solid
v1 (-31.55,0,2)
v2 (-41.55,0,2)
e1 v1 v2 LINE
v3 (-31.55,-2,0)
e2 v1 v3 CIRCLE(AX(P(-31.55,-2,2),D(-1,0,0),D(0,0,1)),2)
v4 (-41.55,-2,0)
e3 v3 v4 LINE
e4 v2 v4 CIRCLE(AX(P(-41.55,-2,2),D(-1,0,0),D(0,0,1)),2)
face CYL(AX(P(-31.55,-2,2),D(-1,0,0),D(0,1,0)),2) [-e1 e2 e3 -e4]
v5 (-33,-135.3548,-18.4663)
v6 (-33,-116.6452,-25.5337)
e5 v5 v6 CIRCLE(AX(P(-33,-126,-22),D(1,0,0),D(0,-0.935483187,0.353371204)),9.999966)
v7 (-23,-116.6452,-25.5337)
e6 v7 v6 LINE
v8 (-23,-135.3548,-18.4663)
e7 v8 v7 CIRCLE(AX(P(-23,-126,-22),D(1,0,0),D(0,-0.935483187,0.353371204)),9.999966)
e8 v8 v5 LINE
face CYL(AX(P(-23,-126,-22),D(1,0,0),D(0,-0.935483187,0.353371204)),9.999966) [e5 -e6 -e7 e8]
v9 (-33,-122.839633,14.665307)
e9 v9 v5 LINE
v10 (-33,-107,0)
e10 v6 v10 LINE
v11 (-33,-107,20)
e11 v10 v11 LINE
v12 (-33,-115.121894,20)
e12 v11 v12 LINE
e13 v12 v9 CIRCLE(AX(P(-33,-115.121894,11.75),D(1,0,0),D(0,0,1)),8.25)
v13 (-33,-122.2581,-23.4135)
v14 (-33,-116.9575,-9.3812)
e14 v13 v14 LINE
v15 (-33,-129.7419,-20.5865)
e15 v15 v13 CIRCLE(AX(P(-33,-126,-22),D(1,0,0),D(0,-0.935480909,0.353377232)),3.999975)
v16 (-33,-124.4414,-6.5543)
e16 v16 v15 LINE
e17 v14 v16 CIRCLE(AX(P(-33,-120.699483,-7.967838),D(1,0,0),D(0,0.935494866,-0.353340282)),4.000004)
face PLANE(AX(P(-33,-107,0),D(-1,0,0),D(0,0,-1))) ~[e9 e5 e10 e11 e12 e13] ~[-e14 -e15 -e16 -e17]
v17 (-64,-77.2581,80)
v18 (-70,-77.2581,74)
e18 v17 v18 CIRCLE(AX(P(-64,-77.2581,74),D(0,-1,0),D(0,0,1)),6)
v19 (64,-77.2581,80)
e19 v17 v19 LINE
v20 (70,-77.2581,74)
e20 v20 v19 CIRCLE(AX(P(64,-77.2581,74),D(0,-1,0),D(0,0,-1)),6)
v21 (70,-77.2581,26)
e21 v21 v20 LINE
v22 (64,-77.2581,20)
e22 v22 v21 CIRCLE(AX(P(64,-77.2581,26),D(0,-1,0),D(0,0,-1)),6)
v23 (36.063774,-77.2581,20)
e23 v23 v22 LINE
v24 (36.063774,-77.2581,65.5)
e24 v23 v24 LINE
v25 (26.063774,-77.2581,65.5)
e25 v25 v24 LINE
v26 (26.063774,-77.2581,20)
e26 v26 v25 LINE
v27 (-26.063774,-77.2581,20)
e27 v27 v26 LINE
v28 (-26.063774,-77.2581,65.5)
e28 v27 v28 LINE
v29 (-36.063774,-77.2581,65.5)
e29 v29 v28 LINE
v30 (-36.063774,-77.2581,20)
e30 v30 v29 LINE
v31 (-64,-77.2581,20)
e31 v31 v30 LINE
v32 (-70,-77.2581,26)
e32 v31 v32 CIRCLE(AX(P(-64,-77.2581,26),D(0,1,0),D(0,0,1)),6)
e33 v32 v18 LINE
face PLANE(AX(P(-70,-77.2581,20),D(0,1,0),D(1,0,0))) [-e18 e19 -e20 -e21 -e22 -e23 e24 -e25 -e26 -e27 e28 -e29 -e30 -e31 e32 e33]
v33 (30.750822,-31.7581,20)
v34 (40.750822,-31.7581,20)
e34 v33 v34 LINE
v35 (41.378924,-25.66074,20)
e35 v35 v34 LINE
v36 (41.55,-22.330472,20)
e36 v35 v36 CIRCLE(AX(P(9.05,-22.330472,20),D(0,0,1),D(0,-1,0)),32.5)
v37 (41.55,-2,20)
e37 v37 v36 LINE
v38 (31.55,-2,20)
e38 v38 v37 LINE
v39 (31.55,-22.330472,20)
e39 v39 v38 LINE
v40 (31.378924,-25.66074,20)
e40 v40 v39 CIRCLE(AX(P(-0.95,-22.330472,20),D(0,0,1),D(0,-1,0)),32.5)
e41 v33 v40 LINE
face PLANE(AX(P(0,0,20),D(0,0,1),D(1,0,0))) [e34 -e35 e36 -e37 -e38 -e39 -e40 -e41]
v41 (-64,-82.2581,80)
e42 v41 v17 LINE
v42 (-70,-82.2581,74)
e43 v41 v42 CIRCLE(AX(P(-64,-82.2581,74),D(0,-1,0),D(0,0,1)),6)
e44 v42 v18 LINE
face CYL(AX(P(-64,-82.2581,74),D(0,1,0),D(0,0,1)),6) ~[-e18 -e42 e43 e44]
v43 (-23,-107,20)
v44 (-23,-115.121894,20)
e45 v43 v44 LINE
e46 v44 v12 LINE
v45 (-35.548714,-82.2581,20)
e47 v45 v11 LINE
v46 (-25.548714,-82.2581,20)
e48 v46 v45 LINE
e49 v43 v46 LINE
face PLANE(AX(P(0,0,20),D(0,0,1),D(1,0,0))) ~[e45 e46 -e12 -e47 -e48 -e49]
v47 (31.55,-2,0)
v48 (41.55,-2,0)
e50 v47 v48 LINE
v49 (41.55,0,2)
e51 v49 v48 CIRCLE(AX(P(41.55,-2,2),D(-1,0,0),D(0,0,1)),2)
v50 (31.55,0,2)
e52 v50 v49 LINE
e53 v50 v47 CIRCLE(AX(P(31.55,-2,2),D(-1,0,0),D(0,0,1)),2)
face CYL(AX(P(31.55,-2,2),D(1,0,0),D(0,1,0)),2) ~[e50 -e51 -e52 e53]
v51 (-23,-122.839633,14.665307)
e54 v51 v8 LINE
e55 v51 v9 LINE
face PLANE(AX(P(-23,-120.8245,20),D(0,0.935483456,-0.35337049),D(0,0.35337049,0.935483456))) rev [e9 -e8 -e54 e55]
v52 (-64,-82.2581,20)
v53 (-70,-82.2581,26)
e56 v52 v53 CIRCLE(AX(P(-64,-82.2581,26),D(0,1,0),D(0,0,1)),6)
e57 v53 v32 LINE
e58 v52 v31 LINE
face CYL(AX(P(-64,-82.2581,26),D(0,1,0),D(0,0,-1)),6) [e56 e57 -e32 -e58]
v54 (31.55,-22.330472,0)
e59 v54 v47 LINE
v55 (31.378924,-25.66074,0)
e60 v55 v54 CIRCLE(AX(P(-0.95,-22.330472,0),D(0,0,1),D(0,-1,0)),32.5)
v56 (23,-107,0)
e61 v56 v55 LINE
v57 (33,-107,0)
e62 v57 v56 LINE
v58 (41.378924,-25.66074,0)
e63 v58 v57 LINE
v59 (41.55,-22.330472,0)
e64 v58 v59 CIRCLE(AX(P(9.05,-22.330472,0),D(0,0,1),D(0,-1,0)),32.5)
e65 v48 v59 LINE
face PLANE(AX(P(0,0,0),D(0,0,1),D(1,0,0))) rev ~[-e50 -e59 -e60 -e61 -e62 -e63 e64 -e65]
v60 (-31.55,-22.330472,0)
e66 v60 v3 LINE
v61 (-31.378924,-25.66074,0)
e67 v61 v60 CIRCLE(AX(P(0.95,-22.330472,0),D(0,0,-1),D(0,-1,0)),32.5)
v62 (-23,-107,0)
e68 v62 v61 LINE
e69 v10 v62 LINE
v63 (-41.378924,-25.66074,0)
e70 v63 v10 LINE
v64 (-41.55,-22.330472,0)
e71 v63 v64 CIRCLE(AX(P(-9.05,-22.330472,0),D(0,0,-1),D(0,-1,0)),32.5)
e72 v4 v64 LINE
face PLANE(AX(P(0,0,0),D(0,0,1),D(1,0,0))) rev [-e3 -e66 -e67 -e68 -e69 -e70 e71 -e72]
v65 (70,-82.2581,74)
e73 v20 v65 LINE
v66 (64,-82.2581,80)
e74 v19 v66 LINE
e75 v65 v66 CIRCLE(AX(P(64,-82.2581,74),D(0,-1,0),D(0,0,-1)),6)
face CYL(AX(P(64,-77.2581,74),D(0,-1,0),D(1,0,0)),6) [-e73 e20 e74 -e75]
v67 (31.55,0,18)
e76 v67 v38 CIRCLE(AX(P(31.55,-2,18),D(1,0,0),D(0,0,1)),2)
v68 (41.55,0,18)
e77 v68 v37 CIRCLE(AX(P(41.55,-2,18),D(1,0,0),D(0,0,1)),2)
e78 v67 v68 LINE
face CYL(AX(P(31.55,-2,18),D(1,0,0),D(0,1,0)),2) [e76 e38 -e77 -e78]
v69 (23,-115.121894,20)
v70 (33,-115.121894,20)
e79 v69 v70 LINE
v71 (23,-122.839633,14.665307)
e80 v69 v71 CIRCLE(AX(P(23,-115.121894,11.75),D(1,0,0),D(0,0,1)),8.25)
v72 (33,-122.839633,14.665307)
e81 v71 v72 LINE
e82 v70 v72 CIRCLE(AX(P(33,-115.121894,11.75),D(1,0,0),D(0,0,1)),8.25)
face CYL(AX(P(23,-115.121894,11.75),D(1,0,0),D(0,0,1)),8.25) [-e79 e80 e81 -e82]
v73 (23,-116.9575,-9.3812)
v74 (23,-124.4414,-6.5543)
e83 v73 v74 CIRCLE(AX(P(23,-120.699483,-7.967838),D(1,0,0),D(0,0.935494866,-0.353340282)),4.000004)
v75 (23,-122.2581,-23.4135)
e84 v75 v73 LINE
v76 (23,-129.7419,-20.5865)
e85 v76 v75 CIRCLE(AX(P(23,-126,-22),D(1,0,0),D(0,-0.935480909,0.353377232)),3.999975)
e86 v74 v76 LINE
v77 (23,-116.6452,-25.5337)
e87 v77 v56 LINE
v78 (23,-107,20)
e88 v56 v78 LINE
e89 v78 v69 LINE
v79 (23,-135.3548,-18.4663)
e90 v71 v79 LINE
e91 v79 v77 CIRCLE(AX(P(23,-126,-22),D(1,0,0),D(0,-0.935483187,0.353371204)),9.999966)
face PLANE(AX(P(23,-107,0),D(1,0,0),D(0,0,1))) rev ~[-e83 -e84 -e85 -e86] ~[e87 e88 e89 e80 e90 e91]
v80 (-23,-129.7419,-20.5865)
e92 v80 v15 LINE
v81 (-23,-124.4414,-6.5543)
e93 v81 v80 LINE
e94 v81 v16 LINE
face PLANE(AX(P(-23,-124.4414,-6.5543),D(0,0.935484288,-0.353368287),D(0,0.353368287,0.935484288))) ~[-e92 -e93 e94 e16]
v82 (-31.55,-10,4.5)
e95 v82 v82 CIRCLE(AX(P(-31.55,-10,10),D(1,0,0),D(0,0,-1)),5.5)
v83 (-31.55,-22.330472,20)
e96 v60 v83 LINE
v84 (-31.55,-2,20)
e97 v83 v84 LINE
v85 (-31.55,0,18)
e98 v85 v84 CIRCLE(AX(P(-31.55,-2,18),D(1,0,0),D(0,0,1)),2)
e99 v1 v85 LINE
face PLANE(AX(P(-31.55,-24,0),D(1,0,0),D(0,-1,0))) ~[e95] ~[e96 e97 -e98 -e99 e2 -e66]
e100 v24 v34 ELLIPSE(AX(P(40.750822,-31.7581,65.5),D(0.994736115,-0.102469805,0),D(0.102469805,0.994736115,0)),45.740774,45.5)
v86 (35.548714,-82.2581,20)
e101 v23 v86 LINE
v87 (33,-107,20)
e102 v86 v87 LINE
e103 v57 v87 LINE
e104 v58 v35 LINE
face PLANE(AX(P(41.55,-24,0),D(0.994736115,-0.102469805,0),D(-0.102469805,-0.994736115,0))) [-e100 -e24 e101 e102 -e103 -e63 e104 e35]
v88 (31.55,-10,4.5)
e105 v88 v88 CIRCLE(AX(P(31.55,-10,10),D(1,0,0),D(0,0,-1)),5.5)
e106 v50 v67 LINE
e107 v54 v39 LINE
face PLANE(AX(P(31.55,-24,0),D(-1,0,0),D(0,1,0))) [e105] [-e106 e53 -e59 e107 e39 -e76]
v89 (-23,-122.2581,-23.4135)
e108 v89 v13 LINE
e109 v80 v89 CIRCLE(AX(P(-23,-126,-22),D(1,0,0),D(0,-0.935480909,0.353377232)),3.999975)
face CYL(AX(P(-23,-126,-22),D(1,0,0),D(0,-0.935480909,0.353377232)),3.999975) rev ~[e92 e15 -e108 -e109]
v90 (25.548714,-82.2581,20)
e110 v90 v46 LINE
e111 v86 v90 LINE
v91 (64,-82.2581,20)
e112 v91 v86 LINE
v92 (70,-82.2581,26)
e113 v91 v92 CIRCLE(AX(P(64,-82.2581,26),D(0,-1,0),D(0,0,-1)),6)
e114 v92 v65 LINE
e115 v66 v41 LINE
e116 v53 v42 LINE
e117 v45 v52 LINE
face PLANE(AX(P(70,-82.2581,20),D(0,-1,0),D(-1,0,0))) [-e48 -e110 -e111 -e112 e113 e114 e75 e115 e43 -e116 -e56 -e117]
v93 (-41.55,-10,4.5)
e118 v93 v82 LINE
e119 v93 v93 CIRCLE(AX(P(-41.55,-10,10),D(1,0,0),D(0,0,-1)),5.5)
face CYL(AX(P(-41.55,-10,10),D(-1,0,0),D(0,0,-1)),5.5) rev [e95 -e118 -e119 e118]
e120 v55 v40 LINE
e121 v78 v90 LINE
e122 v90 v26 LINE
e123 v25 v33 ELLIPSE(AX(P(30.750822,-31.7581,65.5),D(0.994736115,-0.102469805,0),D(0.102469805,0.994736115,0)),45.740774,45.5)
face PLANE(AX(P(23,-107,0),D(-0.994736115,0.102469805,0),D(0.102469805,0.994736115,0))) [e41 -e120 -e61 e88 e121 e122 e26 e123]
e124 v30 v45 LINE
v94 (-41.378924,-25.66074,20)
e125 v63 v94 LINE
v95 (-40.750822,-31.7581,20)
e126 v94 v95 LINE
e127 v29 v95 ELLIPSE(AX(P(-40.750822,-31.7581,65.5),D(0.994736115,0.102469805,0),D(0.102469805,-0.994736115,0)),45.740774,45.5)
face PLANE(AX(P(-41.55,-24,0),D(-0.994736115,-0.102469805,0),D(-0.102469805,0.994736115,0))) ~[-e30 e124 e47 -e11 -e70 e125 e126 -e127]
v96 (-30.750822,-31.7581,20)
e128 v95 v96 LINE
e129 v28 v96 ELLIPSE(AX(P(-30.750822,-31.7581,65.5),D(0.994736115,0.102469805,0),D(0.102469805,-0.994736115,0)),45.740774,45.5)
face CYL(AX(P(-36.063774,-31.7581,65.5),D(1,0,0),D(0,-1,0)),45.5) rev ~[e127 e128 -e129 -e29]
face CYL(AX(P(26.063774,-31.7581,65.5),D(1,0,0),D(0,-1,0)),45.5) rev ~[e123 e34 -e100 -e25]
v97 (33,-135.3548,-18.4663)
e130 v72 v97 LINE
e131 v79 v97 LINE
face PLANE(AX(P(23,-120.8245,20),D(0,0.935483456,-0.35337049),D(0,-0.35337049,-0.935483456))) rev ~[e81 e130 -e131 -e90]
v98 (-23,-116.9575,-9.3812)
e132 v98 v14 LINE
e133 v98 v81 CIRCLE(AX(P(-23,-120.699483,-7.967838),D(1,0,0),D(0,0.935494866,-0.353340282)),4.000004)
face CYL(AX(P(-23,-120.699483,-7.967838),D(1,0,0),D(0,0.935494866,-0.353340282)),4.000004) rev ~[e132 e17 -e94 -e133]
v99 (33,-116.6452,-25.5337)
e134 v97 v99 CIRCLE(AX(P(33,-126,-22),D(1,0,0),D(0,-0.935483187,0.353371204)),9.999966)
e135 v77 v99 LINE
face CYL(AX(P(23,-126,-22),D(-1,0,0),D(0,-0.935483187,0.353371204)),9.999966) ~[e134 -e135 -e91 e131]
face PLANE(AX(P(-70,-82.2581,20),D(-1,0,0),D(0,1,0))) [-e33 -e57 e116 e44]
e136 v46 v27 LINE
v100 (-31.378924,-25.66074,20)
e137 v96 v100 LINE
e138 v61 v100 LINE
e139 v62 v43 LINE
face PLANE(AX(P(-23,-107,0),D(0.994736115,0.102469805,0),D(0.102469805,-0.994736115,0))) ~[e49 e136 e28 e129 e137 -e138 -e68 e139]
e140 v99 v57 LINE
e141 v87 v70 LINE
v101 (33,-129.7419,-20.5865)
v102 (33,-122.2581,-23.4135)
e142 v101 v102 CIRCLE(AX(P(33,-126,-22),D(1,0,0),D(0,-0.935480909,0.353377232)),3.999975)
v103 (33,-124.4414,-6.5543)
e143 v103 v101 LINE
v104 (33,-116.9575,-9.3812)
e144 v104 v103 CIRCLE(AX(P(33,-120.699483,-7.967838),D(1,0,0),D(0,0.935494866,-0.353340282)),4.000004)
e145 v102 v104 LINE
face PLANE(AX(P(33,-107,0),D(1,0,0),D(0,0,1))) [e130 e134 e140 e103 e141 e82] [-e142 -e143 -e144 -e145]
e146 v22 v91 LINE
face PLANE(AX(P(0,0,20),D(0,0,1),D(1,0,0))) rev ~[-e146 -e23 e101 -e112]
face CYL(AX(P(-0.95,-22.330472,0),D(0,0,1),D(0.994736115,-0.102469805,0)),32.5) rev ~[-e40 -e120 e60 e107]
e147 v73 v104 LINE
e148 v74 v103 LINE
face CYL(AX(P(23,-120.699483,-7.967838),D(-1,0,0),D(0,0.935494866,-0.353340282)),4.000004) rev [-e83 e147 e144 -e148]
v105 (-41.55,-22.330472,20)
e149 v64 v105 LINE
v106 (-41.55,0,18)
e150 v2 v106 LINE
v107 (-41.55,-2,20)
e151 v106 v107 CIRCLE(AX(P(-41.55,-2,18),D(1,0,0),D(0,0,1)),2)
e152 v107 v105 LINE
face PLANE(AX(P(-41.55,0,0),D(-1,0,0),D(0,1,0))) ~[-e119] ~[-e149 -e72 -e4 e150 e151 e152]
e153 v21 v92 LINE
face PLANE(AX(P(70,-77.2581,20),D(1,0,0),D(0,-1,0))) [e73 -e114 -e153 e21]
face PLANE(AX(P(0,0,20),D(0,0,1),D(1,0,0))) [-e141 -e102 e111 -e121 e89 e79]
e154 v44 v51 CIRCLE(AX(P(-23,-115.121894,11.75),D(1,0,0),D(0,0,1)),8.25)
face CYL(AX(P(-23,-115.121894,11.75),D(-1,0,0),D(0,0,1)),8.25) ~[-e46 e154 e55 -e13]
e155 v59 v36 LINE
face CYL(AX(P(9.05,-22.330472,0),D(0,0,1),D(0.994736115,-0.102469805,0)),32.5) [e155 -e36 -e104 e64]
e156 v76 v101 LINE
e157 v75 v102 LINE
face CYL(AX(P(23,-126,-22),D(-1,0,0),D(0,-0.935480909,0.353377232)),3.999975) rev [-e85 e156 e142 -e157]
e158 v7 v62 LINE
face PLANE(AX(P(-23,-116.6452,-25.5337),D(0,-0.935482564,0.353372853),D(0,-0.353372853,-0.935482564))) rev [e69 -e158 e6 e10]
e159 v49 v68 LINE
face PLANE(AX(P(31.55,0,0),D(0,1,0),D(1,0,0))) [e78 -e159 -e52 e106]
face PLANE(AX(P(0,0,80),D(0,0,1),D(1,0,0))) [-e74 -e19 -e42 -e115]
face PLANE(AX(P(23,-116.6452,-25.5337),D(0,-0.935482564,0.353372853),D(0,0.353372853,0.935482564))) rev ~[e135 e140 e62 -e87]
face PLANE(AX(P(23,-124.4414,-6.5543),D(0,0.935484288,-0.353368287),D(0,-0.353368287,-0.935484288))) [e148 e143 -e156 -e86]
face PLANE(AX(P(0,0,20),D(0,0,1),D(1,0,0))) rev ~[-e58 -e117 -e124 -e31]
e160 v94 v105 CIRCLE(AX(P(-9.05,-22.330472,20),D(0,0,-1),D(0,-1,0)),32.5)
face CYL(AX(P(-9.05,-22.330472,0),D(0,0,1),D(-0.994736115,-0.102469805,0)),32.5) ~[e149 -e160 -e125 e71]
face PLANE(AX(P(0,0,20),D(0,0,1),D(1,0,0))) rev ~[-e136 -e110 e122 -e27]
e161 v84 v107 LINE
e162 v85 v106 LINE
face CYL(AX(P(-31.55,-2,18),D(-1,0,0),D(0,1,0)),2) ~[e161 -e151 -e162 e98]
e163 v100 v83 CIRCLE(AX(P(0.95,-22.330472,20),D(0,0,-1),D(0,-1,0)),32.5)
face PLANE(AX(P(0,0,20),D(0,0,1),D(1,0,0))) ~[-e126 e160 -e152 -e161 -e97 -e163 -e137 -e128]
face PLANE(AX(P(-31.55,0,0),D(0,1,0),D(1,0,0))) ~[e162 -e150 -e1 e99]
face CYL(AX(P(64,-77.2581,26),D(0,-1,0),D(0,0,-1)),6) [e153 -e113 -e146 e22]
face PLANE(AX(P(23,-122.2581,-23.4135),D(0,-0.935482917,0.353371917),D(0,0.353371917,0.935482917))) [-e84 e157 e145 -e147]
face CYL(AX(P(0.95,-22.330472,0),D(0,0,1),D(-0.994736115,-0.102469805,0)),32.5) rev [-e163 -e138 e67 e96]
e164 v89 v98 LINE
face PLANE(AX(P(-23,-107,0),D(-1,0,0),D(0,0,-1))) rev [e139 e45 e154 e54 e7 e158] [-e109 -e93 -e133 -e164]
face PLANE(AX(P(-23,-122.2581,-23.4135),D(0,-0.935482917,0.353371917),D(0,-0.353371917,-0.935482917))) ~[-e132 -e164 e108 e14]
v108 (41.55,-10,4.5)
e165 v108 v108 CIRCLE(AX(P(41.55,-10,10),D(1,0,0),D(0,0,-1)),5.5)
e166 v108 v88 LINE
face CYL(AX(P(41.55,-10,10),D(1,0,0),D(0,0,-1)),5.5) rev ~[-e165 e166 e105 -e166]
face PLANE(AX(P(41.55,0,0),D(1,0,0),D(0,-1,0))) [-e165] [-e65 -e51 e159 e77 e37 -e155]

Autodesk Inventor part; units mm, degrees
ref_plane "YZ Plane" through (0, 0, 0) normal (1, 0, 0) x (0, 1, 0)
ref_plane "XZ Plane" through (0, 0, 0) normal (0, 1, 0) x (-1, 0, 0)
sketch "Sketch3" plane through (0, 0, 0) normal (0, 0, 1) x (1, 0, 0)
  line L0 (41.55, 0) -> (41.55, -24)
  line L1 (41.55, -24) -> (33, -107)
  line L2 (33, -107) -> (23, -107)
  line L3 (23, -107) -> (31.55, -24)
  line L4 (31.55, -24) -> (31.55, 0)
  line L5 (31.55, 0) -> (41.55, 0)
  line L6 (-8.31, 0) -> (49.86, 0) projected
  point P0 (0, 0)
  dimension "barWidth" = 10
  dimension "d33" = 24
  dimension "d37" = 23
  dimension "d38" = 41.55
  dimension "d39" = 107
extrude "Extrusion2" add sketch "Sketch3" along normal blind 20
ref_plane "Work Plane1" through (23, -107, 0) normal (1, 0, 0) x (0, 0, 1)
sketch "Sketch4" plane through (23, -107, 0) normal (1, 0, 0) x (0, 0, 1)
  arc A0 (-18.4663, 28.3548) -> (-25.5337, 9.6452) centre (-22, 19) ccw
  line L0 (-25.5337, 9.6452) -> (0, 0)
  line L1 (20, 0) -> (0, 0)
  line L2 (0, 0) -> (20, 0) projected
  line L3 (-22, 19) -> (-7.9678, 13.6994) construction
  line L4 (-23.4135, 15.2581) -> (-9.3812, 9.9575)
  line L5 (-6.5543, 17.4414) -> (-20.5865, 22.7419)
  arc A1 (-20.5865, 22.7419) -> (-23.4135, 15.2581) centre (-22, 19) ccw
  arc A2 (-9.3812, 9.9575) -> (-6.5543, 17.4414) centre (-7.9678, 13.6994) ccw
  line L6 (20, 0) -> (20, 13.8245)
  line L7 (20, 13.8245) -> (-18.4663, 28.3548)
  line L8 (20, 0) -> (20, -83) projected
  line L9 (0, -83) -> (0, 0) projected
  point P0 (0, -107)
  point P1 (-14.9839, 16.3497)
  dimension "d23" = 15
  dimension "d40" = 8
  dimension "d41" = 20
  dimension "d42" = 20
  dimension "d43" = 22
extrude "Extrusion4" add sketch "Sketch4" along normal blind 10
fillet "Fillet1" radius 2 2 edges at (36.55, 0, 20) (36.55, 0, 0)
sketch "Sketch5" plane through (41.55, -24, 20) normal (1, 0, 0) x (0, 0, -1)
  circle A0 centre (10, 14) radius 5.5
  line L0 (20, 22) -> (20, 0) projected
  line L1 (0, 0) -> (0, 22) projected
  line L2 (18, 24) -> (2, 24) projected
  point P0 (20, 24)
  dimension "d29" = 11
  dimension "d30" = 20
  dimension "d31" = 10
  dimension "d32" = 10
extrude "Extrusion5" cut sketch "Sketch5" against normal up to next
fillet "Fillet2" radius 8.25 1 edges at (28, -120.8245, 20)
fillet "Fillet3" radius 32.5 2 edges at (41.55, -24, 10) (31.55, -24, 10)
mirror "Mirror1" about plane through (0, 0, 0) normal (1, 0, 0)
sketch "Sketch6" plane through (0, 0, 20) normal (0, 0, 1) x (1, 0, 0)
  line L0 (70, -82.2581) -> (-70, -82.2581)
  line L1 (-70, -82.2581) -> (-70, -77.2581)
  line L2 (-70, -77.2581) -> (70, -77.2581)
  line L3 (70, -77.2581) -> (70, -82.2581)
  line L4 (33, -122.2581) -> (33, -130) projected
  point P0 (0, 0)
  point P1 (33, -129.7419)
  dimension "d46" = 140
  dimension "d47" = 5
  dimension "d48" = 70
  dimension "d57" = 40
extrude "Extrusion6" add sketch "Sketch6" along normal blind 60
fillet "Fillet4" radius 45.5 2 edges at (31.0638, -77.2581, 20) (-31.0638, -77.2581, 20)
fillet "Fillet5" radius 6 4 edges at (70, -79.7581, 20) (70, -79.7581, 80) (-70, -79.7581, 80) (-70, -79.7581, 20)
equation "\"d41\" = d42"
equation "\"d24\" = barWidth"
equation "\"d31\" = 0.5 * d30"
equation "\"d27\" = barWidth"
equation "\"d48\" = 0.5 * d46"
properties part number "AUX_batterry_mount"
